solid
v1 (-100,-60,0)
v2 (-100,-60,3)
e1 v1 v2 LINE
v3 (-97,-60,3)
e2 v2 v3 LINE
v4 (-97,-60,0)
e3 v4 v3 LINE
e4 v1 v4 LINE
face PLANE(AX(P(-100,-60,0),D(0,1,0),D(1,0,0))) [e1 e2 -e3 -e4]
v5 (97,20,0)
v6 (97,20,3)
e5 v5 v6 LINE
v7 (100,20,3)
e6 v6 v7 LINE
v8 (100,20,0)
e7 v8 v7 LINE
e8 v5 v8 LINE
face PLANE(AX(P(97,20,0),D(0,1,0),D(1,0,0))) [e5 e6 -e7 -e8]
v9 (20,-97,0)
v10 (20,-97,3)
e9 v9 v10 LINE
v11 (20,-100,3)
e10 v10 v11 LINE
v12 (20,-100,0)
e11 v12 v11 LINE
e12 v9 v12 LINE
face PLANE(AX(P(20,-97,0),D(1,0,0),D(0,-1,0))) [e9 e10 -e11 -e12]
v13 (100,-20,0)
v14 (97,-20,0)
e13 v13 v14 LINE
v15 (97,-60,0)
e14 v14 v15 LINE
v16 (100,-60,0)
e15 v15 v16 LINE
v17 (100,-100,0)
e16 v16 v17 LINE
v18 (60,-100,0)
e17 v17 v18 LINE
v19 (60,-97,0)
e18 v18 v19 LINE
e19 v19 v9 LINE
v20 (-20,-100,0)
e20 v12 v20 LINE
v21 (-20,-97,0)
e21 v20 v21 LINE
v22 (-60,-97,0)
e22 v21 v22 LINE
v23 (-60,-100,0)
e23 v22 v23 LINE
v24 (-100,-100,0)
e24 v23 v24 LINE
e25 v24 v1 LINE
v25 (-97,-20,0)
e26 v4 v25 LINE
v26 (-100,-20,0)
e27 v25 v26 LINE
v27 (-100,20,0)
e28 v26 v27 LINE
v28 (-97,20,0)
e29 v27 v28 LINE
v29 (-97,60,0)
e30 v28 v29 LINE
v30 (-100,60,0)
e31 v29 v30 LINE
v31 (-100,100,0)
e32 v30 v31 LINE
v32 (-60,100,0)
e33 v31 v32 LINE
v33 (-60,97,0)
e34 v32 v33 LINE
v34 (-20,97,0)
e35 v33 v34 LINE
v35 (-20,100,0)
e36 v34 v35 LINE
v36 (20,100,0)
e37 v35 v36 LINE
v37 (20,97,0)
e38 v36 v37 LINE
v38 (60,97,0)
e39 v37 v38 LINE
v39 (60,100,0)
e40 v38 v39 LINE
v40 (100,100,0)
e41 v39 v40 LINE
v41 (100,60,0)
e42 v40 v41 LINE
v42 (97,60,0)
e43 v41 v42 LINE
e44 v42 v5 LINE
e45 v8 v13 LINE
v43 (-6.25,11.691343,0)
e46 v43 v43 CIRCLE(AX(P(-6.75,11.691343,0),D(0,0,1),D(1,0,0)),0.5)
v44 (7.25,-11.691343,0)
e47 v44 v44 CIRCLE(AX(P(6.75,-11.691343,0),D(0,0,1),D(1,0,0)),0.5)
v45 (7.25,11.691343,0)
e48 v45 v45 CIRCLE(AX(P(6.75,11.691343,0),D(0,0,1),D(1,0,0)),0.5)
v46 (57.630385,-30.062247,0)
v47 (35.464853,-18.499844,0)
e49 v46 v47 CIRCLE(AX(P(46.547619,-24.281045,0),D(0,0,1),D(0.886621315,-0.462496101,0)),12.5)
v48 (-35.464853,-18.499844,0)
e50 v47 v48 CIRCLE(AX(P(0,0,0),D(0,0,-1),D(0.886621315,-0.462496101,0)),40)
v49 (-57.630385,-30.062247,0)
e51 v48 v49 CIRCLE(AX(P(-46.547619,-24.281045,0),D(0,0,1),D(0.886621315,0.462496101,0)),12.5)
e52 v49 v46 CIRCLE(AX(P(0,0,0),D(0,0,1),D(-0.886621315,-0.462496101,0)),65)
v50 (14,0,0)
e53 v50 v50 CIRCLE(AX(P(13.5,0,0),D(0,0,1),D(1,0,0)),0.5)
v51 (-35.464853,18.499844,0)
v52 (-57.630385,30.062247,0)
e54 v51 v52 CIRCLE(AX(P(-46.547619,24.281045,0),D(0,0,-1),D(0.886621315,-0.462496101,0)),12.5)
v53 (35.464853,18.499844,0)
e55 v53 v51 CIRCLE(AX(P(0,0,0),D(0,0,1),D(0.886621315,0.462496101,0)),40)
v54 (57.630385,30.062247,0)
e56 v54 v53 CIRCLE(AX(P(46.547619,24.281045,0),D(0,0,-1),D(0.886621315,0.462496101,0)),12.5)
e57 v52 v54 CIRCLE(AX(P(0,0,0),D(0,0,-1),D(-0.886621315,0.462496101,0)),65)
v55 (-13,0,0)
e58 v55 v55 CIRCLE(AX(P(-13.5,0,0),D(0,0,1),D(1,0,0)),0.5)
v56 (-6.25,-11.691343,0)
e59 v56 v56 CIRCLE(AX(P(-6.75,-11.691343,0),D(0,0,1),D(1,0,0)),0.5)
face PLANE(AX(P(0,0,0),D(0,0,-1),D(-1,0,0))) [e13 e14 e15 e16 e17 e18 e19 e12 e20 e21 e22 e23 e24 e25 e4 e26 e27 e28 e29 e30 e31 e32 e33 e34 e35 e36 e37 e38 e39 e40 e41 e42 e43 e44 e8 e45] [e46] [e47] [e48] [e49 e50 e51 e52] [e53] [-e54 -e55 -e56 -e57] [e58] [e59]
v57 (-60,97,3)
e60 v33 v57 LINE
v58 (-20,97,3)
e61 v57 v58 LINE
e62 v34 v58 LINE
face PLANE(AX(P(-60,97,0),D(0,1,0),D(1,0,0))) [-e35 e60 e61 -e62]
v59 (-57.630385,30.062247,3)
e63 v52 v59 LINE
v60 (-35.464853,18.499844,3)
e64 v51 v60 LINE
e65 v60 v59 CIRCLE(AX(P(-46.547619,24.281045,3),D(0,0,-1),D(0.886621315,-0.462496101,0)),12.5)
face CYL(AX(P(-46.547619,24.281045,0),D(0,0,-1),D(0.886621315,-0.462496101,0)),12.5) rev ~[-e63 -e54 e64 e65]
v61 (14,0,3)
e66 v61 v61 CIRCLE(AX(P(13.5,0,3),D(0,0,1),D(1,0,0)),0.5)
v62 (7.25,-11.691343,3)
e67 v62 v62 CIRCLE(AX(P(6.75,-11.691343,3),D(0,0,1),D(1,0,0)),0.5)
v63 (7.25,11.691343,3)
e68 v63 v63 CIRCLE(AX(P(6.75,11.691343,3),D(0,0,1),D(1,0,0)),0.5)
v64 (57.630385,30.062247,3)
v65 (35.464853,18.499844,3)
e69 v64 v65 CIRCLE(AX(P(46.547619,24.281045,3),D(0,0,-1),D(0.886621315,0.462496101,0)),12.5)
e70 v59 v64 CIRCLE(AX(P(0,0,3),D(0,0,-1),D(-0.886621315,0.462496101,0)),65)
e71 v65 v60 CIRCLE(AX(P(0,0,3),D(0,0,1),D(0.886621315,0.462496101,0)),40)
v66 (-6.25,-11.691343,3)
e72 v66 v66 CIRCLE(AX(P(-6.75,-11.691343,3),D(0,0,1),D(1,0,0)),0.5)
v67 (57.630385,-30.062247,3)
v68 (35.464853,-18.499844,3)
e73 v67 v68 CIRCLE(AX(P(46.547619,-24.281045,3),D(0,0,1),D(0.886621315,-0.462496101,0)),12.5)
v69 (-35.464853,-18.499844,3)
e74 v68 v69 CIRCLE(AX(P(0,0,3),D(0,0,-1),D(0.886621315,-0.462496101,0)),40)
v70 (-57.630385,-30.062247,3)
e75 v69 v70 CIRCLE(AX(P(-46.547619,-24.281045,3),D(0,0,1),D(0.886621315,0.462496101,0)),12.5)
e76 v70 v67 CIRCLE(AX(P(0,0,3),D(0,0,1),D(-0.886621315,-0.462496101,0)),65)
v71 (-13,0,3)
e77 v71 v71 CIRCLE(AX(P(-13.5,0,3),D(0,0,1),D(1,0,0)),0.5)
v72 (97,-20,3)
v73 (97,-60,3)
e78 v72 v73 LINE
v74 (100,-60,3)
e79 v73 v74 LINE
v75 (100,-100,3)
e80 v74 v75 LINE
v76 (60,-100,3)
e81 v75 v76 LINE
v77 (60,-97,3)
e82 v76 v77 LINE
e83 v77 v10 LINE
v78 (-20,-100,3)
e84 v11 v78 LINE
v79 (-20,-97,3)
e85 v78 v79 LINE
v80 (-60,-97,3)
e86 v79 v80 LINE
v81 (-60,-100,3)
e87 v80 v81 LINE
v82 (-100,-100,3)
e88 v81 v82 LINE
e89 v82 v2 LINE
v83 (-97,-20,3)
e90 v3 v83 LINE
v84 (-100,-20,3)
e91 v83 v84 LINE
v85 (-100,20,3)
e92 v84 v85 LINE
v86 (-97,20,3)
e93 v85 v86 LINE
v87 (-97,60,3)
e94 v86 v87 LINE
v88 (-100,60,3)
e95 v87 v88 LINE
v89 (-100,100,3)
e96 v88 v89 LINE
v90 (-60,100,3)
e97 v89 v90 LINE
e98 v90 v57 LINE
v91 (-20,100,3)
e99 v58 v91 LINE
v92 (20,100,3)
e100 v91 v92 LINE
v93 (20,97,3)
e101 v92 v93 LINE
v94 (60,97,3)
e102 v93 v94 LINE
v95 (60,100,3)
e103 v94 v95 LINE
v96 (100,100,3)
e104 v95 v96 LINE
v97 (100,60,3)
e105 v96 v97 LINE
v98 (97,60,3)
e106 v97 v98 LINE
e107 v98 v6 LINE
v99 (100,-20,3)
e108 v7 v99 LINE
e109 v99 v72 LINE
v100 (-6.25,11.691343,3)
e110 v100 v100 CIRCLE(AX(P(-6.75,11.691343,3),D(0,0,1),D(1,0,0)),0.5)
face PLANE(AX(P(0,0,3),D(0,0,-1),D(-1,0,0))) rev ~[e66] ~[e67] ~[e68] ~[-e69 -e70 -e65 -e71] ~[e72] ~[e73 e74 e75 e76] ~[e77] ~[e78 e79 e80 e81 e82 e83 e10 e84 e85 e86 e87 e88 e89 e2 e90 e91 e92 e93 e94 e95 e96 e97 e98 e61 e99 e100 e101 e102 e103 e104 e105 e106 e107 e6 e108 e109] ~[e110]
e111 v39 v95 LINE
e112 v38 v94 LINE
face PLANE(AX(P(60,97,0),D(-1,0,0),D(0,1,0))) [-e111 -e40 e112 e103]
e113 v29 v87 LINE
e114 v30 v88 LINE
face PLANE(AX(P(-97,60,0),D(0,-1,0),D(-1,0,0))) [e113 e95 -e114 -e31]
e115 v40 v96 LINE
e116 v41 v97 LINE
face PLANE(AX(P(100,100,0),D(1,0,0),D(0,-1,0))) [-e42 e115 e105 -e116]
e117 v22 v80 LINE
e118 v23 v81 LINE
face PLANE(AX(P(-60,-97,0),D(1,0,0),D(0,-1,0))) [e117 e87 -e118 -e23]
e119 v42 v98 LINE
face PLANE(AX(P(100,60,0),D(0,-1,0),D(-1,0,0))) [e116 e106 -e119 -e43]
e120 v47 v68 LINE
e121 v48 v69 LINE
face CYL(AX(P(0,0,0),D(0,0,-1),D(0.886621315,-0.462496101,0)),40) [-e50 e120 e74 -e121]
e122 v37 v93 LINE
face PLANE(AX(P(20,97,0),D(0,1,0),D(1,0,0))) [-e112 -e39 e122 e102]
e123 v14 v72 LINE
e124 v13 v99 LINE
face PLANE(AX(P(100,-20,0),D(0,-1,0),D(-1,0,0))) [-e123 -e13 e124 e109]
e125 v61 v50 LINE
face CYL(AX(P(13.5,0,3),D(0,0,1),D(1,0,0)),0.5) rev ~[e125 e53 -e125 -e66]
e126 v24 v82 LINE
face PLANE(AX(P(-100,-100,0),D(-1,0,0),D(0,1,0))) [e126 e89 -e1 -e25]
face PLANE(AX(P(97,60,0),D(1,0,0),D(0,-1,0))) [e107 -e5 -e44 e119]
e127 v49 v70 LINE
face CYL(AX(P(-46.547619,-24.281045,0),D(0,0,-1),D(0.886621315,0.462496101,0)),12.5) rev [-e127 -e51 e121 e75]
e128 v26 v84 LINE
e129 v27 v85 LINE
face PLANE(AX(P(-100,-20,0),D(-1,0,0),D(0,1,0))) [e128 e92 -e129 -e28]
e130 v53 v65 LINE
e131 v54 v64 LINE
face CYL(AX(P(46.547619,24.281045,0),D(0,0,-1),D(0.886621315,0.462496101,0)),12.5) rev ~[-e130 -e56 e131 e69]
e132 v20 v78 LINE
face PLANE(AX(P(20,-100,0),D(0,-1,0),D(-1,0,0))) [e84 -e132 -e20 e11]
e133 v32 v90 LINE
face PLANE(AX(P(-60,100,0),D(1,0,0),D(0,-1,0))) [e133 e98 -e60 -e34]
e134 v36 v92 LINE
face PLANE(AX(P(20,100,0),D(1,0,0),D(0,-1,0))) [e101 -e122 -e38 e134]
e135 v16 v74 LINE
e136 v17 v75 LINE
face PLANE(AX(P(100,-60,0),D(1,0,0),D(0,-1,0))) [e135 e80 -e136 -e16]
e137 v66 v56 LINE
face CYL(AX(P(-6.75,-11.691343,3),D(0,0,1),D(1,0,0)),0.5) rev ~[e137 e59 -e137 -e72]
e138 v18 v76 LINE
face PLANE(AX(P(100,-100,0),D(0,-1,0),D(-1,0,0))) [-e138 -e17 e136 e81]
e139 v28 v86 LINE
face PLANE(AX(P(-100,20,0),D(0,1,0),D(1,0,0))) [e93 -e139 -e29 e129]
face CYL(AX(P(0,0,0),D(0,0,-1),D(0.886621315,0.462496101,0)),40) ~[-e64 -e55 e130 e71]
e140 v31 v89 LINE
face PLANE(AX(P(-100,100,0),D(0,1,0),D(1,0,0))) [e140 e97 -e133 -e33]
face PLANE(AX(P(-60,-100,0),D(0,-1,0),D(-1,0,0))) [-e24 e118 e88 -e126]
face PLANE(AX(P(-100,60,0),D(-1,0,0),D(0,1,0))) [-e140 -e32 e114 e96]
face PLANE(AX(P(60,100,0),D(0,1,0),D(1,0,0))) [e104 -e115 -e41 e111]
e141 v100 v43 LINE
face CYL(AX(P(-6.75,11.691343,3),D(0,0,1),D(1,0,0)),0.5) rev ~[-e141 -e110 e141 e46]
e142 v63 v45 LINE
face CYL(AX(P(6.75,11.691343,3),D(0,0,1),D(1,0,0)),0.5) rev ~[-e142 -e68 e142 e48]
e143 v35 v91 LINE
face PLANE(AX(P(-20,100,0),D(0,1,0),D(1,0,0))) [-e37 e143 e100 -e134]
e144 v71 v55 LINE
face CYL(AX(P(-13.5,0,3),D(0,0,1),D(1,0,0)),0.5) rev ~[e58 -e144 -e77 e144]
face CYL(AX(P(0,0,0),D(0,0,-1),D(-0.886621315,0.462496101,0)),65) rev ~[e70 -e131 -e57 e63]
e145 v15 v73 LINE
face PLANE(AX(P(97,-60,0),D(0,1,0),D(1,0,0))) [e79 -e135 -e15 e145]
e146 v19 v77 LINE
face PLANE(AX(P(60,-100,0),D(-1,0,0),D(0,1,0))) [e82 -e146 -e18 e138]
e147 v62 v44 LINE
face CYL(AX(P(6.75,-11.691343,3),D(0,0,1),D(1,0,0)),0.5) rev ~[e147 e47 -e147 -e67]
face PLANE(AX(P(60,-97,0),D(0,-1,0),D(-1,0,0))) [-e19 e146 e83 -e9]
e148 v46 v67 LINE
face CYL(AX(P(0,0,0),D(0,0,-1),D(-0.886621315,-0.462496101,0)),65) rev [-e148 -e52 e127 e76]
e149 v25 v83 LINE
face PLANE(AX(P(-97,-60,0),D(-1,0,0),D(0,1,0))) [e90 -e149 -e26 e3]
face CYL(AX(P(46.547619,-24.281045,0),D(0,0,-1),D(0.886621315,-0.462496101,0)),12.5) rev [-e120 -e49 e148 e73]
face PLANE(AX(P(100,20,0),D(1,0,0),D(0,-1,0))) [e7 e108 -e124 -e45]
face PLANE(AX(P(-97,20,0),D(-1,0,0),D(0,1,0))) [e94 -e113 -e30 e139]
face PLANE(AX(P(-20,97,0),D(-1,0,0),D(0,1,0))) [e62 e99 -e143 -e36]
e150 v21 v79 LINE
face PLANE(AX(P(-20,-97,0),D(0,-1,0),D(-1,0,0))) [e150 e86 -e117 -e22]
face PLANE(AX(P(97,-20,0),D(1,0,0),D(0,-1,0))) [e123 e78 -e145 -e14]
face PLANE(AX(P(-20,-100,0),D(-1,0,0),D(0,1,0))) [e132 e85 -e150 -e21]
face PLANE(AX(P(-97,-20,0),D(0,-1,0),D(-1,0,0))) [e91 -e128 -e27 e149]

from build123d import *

# Parameters (mm, degrees)
BOSS_EXTRUDE1_DEPTH = 3
SKETCH2_R           = 0.5
CUT_EXTRUDE1_DEPTH  = 3


with BuildPart() as part:
    # Sketch1 → Boss-Extrude1 (new body)
    with BuildSketch(Plane.XY):
        Polygon((100, -60), (100, -100), (60, -100), (60, -97), (20, -97), (20, -100), (-20, -100), (-20, -97), (-60, -97), (-60, -100), (-100, -100), (-100, -60), (-97, -60), (-97, -20), (-100, -20), (-100, 20), (-97, 20), (-97, 60), (-100, 60), (-100, 100), (-60, 100), (-60, 97), (-20, 97), (-20, 100), (20, 100), (20, 97), (60, 97), (60, 100), (100, 100), (100, 60), (97, 60), (97, 20), (100, 20), (100, -20), (97, -20), (97, -60), align=None)
        with BuildLine():
            ThreePointArc((-57.630385488, -30.062246565), (0, -65), (57.630385488, -30.062246565))
            ThreePointArc((57.630385488, -30.062246565), (52.32882031, -13.198278863), (35.464852608, -18.49984404))
            ThreePointArc((35.464852608, -18.49984404), (0, -40), (-35.464852608, -18.49984404))
            ThreePointArc((-35.464852608, -18.49984404), (-52.32882031, -13.198278863), (-57.630385488, -30.062246565))
        make_face(mode=Mode.SUBTRACT)
        with BuildLine():
            ThreePointArc((35.464852608, 18.49984404), (0, 40), (-35.464852608, 18.49984404))
            ThreePointArc((-35.464852608, 18.49984404), (-52.32882031, 13.198278863), (-57.630385488, 30.062246565))
            ThreePointArc((-57.630385488, 30.062246565), (0, 65), (57.630385488, 30.062246565))
            ThreePointArc((57.630385488, 30.062246565), (52.32882031, 13.198278863), (35.464852608, 18.49984404))
        make_face(mode=Mode.SUBTRACT)
    extrude(amount=BOSS_EXTRUDE1_DEPTH)

    # Sketch2 → Cut-Extrude1 (cut)
    with BuildSketch(Plane.XY.offset(3)):
        with Locations((-13.5, 0)):
            Circle(SKETCH2_R)
        with Locations((-6.75, 11.691342951)):
            Circle(SKETCH2_R)
        with Locations((6.75, 11.691342951)):
            Circle(SKETCH2_R)
        with Locations((13.5, 0)):
            Circle(SKETCH2_R)
        with Locations((6.75, -11.691342951)):
            Circle(SKETCH2_R)
        with Locations((-6.75, -11.691342951)):
            Circle(SKETCH2_R)
    extrude(amount=-CUT_EXTRUDE1_DEPTH, mode=Mode.SUBTRACT)


solid = part.part
